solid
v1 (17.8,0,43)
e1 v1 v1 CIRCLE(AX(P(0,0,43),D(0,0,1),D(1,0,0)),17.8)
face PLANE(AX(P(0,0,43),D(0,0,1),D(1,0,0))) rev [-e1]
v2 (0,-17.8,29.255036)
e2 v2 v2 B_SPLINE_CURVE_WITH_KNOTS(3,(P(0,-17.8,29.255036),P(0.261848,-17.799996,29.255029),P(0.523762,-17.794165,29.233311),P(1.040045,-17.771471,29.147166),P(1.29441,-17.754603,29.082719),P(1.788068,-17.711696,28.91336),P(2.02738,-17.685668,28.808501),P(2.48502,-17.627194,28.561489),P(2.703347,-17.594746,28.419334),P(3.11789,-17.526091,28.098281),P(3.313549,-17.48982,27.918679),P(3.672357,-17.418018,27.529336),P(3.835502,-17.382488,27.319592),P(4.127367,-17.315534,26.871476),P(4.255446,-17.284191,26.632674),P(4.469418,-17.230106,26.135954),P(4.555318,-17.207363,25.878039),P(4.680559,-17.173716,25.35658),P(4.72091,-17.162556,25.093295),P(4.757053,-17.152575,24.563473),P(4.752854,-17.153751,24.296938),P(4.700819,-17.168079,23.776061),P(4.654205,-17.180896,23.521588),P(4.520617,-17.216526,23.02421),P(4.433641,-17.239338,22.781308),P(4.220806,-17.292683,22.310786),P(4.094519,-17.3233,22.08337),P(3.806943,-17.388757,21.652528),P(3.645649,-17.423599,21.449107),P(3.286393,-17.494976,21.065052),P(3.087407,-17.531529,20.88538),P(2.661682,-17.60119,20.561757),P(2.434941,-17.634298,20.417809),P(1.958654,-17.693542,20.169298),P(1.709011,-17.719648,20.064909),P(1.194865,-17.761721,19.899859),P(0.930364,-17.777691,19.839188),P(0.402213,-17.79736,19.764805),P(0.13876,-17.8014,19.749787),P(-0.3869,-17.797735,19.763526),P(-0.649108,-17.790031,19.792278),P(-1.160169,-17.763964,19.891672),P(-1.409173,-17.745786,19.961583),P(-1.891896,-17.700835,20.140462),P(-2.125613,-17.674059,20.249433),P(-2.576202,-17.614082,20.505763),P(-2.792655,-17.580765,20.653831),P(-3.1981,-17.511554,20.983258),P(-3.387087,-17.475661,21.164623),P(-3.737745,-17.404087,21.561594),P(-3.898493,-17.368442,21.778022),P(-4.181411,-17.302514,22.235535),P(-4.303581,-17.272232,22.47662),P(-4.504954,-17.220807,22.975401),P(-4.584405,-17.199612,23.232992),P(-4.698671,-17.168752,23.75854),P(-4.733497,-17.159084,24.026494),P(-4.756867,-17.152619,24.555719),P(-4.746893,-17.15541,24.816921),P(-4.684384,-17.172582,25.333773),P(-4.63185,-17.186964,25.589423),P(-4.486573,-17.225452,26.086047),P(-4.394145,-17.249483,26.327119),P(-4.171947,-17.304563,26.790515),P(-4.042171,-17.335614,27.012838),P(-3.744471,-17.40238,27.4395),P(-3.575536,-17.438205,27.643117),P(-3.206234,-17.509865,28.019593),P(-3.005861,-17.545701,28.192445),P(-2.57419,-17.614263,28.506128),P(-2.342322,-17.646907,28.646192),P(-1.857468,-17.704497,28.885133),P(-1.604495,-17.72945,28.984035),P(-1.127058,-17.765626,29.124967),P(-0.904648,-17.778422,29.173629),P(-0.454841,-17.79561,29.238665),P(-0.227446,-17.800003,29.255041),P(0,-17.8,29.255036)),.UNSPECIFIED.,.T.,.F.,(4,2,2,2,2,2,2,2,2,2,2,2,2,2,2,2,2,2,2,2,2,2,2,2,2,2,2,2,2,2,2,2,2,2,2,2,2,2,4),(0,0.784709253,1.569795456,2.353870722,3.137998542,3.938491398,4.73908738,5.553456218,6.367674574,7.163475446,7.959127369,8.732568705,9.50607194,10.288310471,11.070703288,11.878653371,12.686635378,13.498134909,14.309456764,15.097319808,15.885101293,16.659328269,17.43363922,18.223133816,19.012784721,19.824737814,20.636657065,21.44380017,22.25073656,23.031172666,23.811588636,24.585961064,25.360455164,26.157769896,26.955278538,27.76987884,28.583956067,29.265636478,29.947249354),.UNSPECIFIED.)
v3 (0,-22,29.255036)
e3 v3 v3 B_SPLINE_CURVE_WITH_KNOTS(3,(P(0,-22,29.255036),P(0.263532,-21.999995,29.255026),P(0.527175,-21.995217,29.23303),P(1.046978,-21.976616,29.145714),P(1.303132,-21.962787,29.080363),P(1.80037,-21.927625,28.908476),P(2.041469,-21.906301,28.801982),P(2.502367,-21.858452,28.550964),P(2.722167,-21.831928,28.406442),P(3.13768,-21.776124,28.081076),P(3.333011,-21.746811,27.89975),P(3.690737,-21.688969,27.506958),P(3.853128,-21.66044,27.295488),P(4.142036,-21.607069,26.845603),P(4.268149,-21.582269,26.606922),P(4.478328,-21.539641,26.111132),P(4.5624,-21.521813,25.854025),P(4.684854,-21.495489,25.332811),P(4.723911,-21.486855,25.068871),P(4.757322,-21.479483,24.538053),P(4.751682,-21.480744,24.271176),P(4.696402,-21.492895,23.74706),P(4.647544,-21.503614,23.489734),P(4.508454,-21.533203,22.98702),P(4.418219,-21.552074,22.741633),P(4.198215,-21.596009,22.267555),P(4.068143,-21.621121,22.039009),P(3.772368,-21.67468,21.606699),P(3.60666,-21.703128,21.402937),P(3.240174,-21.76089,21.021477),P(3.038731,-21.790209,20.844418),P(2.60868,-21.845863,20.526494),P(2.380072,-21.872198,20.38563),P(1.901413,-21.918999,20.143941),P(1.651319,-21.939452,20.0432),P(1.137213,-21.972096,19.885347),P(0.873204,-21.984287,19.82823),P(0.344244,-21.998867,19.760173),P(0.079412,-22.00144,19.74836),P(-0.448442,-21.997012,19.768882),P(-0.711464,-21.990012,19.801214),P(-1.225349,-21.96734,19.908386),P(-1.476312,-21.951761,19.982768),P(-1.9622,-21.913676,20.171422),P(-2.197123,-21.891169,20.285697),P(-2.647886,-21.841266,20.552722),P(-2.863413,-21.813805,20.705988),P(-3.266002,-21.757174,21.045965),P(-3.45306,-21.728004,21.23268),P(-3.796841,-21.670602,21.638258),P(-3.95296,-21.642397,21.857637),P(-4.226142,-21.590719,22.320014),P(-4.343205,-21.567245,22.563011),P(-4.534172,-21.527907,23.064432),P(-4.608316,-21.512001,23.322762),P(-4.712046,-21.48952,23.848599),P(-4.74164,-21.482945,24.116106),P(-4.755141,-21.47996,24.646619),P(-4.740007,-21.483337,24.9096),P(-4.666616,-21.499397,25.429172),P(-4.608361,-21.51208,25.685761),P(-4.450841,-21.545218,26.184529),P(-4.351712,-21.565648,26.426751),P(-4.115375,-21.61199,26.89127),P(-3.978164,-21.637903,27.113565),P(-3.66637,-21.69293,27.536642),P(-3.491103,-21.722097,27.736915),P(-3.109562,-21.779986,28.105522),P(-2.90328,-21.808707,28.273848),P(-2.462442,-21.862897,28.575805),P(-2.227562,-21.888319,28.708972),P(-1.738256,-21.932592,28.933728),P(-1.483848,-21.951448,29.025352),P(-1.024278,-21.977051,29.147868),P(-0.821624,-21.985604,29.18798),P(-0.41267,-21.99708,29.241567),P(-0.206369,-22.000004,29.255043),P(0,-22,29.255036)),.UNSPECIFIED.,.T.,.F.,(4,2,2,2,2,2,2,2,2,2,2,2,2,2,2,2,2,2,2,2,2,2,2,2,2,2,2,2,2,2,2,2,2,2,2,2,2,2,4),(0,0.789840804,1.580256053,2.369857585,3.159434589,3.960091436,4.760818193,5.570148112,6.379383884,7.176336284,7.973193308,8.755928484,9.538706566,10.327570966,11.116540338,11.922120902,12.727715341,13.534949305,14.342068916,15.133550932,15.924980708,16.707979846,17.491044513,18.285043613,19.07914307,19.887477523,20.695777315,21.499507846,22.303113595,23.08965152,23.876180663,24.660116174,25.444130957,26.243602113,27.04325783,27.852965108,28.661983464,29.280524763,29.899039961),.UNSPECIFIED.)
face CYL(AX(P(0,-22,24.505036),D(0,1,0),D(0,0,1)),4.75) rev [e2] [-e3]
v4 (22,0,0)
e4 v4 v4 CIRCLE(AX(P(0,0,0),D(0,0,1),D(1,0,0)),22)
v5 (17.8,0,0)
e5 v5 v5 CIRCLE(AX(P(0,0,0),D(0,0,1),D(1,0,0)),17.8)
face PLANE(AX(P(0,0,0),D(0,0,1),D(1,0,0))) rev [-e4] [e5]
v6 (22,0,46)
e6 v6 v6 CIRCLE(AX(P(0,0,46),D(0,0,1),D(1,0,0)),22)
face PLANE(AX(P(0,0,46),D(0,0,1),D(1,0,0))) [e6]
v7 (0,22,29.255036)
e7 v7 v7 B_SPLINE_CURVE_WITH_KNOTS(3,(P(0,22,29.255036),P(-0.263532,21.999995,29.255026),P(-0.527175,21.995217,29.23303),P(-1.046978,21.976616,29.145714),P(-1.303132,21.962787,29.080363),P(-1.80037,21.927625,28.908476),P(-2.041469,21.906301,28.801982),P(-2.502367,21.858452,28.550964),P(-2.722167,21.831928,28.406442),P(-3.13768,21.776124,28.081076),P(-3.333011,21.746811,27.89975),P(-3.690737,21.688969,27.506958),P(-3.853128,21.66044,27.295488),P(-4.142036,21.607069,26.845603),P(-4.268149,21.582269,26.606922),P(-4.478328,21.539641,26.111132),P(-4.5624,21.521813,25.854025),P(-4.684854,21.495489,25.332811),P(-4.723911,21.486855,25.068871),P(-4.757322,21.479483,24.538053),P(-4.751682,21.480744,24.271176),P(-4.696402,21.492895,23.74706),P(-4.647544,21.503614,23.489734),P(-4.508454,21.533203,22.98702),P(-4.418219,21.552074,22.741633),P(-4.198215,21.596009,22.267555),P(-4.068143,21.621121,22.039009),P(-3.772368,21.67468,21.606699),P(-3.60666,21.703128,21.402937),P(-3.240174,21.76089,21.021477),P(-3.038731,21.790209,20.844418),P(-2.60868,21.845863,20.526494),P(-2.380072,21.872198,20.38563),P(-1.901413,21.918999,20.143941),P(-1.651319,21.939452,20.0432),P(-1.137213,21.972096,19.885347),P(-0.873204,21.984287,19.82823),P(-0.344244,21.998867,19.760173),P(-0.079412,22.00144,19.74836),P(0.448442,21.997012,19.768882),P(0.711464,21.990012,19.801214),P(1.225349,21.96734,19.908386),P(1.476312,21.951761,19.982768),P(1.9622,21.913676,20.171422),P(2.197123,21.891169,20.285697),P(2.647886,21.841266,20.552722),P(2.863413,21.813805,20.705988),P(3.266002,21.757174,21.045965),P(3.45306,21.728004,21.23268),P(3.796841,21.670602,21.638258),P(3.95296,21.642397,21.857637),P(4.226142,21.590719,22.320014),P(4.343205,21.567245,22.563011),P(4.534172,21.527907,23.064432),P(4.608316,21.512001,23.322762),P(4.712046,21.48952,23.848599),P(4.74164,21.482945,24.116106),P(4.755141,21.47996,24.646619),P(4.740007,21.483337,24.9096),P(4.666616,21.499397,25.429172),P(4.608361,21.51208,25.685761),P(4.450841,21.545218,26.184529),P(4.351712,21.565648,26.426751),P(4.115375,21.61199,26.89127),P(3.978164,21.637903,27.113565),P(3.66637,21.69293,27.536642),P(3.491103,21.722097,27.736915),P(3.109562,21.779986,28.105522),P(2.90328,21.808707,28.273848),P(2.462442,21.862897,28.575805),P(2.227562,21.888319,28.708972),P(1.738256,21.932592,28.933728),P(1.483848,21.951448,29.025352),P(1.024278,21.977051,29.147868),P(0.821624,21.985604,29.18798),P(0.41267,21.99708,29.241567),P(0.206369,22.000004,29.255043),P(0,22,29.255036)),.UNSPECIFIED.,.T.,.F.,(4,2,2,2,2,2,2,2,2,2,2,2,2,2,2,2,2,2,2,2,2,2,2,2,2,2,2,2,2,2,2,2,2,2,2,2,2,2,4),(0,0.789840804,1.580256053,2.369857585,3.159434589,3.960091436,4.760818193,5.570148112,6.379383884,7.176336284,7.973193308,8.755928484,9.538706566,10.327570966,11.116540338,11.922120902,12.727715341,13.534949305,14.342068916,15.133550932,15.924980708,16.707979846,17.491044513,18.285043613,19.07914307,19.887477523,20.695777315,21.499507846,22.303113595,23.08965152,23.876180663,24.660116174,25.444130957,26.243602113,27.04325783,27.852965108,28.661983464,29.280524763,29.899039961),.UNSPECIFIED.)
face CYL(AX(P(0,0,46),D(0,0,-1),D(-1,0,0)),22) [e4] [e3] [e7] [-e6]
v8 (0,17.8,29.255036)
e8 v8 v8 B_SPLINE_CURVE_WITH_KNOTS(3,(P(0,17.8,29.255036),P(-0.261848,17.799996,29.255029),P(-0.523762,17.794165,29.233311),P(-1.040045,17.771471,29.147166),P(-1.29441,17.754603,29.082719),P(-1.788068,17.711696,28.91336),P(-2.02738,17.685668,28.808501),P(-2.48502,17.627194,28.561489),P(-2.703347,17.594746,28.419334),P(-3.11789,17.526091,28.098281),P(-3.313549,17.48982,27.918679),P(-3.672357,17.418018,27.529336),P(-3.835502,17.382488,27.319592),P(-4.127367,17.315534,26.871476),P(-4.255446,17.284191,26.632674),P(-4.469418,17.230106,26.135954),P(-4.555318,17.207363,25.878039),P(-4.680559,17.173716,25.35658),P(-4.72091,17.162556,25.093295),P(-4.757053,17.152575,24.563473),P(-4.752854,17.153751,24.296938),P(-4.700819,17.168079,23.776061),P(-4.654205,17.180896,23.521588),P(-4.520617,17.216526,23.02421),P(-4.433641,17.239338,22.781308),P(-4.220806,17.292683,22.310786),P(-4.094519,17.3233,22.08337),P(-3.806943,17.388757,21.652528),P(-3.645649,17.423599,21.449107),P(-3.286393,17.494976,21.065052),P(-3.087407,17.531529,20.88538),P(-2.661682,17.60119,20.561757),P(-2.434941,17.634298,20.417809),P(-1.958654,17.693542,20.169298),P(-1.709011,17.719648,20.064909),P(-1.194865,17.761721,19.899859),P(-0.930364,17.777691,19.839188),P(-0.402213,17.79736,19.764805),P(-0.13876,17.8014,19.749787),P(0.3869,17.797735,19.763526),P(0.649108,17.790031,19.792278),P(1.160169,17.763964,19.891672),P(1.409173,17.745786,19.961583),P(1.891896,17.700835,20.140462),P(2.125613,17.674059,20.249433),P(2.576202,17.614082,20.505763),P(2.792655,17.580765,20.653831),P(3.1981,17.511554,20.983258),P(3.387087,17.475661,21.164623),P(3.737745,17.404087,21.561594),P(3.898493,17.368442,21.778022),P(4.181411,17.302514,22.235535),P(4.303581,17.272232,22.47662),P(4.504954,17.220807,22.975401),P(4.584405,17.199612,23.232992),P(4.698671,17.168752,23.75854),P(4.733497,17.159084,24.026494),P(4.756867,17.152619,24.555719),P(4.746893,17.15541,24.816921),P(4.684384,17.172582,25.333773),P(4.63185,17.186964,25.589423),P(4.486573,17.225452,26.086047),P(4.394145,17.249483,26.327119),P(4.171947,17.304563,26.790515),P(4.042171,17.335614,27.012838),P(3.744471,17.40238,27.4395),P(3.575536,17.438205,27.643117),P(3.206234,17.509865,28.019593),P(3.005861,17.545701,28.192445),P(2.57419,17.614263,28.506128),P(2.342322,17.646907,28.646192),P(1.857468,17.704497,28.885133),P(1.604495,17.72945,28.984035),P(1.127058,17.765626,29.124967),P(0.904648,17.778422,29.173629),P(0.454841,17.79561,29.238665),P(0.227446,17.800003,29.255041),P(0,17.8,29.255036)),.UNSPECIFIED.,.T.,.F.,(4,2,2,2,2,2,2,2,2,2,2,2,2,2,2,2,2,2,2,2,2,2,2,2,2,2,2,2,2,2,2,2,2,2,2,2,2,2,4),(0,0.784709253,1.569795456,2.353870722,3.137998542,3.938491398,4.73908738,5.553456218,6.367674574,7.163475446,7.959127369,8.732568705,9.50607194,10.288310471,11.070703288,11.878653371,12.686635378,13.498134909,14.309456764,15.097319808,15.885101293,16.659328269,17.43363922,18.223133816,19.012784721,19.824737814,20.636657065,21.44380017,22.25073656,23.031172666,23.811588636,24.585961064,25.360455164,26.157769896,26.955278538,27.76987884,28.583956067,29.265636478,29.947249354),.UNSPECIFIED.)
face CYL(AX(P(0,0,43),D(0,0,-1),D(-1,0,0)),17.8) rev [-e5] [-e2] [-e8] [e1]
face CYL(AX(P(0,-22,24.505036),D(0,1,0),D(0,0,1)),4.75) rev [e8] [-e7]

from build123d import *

# Parameters (mm, degrees)
ESBO_O7_R                  = 22
RESSALTO_EXTRUS_O1_DEPTH   = 46
ESBO_O11_R                 = 17.8
CORTE_EXTRUS_O1_DEPTH      = 43
CORTE_EXTRUS_O3_DEPTH      = 56.533773508
CORTE_EXTRUS_O3_DEPTH_BACK = 56.533773508
ESBO_O15_R                 = 4.75


with BuildPart() as part:
    # Esboço7 → Ressalto-extrusão1 (new body)
    with BuildSketch(Plane.XY):
        Circle(ESBO_O7_R)
    extrude(amount=RESSALTO_EXTRUS_O1_DEPTH)

    # Esboço11 → Corte-extrusão1 (cut)
    with BuildSketch(Plane.XY):
        Circle(ESBO_O11_R)
    extrude(amount=CORTE_EXTRUS_O1_DEPTH, mode=Mode.SUBTRACT)

    # Esboço15 → Corte-extrusão3 (cut, two sides: drawn at the far end of the back side and taken through both)
    with BuildSketch(Plane(origin=(0, 0, 0), x_dir=(1, 0, 0), z_dir=(0, 1, 0)).offset(-CORTE_EXTRUS_O3_DEPTH_BACK)):
        with Locations(Location((0, -24.505035598, 0), (0, 0, 270))):
            Circle(ESBO_O15_R)
    extrude(amount=CORTE_EXTRUS_O3_DEPTH + CORTE_EXTRUS_O3_DEPTH_BACK, mode=Mode.SUBTRACT)


solid = part.part
